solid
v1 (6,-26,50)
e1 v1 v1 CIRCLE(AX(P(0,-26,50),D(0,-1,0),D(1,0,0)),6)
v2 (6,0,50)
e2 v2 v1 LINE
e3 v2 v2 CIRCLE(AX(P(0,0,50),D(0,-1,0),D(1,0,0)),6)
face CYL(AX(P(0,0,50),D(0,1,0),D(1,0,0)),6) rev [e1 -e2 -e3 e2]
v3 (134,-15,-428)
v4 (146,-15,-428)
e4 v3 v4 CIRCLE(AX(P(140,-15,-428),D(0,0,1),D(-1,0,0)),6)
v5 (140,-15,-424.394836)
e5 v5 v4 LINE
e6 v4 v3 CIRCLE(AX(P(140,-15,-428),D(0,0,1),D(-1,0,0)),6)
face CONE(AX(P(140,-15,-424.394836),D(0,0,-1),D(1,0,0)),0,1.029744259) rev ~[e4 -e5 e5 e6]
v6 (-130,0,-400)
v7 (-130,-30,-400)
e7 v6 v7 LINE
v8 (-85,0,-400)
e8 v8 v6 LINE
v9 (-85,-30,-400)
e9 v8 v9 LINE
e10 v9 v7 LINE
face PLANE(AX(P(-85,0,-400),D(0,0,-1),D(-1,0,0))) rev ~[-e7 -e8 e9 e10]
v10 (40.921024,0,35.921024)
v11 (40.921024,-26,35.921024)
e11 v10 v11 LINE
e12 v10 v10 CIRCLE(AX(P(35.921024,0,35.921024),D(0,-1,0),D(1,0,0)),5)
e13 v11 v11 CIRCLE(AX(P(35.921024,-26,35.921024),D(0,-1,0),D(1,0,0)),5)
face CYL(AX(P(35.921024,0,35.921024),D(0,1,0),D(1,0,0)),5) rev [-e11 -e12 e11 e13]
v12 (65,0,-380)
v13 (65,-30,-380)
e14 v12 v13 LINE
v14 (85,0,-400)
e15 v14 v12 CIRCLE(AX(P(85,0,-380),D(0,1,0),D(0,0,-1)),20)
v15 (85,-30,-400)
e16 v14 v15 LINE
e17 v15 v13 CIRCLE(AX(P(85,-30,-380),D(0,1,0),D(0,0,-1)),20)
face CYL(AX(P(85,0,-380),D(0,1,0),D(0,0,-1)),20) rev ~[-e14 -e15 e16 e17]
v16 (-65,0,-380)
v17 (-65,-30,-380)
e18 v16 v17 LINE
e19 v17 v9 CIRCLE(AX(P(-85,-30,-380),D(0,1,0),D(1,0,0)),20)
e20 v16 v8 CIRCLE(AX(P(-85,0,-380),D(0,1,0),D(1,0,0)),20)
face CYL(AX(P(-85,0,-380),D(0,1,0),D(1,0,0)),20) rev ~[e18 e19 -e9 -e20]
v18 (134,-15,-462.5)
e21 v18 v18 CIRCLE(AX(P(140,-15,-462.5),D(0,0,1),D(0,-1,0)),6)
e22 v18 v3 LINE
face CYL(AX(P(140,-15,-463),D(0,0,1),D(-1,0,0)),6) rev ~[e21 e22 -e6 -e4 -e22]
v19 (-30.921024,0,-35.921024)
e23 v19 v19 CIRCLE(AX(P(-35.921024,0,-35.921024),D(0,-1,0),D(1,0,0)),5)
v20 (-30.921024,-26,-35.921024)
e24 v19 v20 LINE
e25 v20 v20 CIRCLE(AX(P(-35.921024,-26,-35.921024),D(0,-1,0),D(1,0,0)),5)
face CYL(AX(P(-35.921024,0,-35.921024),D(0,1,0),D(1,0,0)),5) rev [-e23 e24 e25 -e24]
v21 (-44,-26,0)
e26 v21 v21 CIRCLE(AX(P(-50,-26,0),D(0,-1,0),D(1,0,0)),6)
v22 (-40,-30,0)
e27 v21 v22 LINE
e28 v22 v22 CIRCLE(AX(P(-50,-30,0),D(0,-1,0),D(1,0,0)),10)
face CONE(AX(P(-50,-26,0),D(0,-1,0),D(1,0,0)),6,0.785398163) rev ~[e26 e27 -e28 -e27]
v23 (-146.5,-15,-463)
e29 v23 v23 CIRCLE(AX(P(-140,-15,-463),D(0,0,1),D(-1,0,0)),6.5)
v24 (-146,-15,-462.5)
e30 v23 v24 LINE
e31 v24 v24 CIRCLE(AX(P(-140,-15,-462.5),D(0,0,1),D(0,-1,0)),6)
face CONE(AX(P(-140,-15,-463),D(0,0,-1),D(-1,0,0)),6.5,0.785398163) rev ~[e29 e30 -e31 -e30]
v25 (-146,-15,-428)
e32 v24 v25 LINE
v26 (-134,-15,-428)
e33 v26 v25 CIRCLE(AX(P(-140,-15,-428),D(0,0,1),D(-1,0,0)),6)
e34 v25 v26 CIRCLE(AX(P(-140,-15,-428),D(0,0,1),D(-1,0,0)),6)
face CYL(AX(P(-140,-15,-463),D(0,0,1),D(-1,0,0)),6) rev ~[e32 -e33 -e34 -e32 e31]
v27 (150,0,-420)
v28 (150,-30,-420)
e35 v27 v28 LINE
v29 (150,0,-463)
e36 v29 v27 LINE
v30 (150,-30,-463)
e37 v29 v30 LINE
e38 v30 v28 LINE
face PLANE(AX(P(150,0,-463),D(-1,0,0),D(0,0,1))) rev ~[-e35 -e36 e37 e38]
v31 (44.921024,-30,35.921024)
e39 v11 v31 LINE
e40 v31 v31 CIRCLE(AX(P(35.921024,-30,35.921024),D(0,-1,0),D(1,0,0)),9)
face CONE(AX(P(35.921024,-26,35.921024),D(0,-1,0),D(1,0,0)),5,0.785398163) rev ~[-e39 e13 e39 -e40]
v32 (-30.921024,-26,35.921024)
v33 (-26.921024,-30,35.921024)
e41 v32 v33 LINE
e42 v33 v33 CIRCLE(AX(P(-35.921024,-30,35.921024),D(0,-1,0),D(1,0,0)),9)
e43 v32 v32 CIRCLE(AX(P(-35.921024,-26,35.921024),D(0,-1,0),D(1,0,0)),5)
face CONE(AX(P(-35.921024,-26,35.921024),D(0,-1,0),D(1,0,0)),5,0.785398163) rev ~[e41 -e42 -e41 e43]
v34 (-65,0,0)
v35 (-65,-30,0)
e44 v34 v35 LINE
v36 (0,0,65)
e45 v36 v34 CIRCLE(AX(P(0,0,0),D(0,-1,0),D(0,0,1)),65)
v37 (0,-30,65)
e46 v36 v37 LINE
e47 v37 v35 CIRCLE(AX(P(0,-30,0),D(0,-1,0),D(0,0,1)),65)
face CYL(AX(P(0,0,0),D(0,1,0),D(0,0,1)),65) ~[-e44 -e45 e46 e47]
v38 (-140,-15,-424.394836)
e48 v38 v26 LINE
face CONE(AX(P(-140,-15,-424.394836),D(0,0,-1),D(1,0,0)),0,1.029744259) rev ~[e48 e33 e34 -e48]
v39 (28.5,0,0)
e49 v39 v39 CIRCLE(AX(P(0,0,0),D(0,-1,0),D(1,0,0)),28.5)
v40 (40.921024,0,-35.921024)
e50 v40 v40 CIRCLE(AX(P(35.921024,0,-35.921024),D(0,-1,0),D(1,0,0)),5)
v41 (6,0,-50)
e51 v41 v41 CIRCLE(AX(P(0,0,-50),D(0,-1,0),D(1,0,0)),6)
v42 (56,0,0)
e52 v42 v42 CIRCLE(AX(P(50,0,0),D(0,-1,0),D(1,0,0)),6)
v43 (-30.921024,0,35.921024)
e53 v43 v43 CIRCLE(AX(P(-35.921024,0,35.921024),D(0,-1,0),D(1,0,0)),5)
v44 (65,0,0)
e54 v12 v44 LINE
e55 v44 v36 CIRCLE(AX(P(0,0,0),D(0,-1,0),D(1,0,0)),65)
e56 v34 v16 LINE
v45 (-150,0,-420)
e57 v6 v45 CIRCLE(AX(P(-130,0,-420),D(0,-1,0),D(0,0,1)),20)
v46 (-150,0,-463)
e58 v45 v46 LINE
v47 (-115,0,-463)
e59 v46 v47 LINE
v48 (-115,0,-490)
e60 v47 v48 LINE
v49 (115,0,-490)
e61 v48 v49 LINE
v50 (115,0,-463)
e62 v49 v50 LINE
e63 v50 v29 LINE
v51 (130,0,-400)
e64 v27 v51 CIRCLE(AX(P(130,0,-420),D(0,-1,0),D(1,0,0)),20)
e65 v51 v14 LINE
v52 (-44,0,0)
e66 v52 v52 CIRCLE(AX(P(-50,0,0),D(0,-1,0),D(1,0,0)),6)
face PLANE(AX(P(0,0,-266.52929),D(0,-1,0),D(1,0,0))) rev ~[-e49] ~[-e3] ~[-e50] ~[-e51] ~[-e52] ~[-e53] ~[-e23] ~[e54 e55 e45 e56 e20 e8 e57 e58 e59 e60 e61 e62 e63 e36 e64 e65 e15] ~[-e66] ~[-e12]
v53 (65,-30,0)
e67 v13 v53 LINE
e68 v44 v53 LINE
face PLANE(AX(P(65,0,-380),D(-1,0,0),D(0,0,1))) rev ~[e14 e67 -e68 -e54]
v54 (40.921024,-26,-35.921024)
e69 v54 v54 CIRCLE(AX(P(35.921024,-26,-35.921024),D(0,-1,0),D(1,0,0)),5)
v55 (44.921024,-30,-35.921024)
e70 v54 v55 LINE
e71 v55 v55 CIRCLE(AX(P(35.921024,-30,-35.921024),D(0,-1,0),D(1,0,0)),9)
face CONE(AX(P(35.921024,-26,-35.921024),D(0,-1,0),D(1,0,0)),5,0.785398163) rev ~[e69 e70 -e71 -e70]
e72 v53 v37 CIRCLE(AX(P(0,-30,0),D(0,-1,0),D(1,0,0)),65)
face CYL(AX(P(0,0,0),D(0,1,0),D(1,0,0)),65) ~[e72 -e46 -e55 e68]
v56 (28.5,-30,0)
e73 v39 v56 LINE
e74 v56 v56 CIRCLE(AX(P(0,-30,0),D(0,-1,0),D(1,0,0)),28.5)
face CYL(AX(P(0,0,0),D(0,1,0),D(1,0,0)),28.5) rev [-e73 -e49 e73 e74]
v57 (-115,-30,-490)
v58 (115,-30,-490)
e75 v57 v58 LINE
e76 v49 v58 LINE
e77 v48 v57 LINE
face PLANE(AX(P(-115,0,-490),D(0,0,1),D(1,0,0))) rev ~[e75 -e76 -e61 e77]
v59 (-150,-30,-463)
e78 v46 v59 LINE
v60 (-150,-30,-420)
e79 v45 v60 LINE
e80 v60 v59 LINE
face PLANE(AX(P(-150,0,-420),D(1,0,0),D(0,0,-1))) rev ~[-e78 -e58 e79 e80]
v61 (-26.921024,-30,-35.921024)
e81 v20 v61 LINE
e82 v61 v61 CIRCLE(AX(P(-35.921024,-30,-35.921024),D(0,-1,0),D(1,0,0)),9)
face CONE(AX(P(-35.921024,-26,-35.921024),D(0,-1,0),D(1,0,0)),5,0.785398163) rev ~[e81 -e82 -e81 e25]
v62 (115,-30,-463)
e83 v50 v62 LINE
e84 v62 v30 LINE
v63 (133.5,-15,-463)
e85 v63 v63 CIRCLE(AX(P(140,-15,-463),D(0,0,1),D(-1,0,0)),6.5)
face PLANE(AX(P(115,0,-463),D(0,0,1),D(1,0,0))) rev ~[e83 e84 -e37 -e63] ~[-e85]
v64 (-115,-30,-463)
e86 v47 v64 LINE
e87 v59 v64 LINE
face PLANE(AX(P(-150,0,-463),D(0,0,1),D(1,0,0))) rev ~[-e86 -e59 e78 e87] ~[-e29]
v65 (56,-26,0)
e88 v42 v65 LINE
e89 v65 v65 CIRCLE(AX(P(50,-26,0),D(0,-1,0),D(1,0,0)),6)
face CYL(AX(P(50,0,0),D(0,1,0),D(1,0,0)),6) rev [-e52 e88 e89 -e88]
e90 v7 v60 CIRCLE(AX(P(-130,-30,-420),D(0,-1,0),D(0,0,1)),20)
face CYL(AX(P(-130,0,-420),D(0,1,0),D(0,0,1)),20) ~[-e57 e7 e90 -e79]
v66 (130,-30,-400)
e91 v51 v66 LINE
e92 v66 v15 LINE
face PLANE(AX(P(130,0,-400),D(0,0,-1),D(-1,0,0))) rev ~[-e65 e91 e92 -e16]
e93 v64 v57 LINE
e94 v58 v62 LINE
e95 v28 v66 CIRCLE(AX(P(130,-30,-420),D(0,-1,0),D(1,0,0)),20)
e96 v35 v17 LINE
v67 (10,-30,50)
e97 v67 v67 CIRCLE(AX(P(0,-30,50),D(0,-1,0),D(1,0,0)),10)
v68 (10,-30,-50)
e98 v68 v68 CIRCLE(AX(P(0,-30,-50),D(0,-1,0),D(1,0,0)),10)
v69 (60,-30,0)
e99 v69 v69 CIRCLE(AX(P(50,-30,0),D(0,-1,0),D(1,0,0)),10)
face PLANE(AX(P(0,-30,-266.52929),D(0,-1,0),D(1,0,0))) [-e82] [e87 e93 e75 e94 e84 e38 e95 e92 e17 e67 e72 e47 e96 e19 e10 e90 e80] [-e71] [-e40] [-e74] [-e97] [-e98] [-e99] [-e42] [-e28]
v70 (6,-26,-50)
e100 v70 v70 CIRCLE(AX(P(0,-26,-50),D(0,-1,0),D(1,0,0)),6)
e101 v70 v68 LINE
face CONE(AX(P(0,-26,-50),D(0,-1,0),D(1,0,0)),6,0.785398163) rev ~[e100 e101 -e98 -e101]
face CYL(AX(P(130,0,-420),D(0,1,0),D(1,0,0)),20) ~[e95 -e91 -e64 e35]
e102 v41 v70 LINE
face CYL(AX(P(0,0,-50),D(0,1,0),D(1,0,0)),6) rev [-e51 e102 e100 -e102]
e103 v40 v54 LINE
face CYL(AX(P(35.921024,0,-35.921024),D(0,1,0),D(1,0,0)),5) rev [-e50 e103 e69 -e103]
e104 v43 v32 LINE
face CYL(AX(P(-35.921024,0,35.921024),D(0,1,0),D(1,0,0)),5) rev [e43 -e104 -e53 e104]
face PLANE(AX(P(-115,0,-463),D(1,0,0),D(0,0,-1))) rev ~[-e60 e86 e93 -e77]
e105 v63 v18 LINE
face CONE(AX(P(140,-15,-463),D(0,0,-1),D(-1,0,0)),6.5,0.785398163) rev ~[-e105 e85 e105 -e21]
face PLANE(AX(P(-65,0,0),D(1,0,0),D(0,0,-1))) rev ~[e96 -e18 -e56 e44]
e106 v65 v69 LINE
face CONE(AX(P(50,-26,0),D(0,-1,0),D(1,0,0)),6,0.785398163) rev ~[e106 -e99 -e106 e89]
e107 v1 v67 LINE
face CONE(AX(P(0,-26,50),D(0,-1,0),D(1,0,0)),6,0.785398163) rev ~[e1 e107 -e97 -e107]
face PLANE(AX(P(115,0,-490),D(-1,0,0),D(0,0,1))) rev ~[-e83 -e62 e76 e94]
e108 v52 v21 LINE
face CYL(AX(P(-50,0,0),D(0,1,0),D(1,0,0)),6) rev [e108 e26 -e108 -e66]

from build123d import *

# Parameters (mm, degrees)
F0_R           = 5
F0_R_2         = 6
F0_R_3         = 28.5
F1_DEPTH       = 30
F2_SIZE        = 4
F4_D           = 12
F4_DEPTH       = 35
F4_CSINK_D     = 13
F4_CSINK_ANGLE = 90
F4_TIP         = 3.6051637142


with BuildPart() as f1:
    # F0 (on Front) → F1 (new body)
    with BuildSketch(Plane.XZ):
        with BuildLine():
            Line((65, -380), (65, 0))
            ThreePointArc((65, 0), (45.9619407771, 45.9619407771), (0, 65))
            ThreePointArc((0, 65), (-45.9619407771, 45.9619407771), (-65, 0))
            Line((-65, 0), (-65, -380))
            ThreePointArc((-65, -380), (-70.8578643763, -394.1421356237), (-85, -400))
            Line((-85, -400), (-130, -400))
            ThreePointArc((-130, -400), (-144.1421356237, -405.8578643763), (-150, -420))
            Line((-150, -420), (-150, -463))
            Line((-150, -463), (-115, -463))
            Line((-115, -463), (-115, -490))
            Line((-115, -490), (115, -490))
            Line((115, -490), (115, -463))
            Line((115, -463), (150, -463))
            Line((150, -463), (150, -420))
            ThreePointArc((150, -420), (144.1421356237, -405.8578643763), (130, -400))
            Line((130, -400), (85, -400))
            ThreePointArc((85, -400), (70.8578643763, -394.1421356237), (65, -380))
        make_face()
        with Locations((-35.9210244843, -35.9210244843)):
            Circle(F0_R, mode=Mode.SUBTRACT)
        with Locations((-50, 0)):
            Circle(F0_R_2, mode=Mode.SUBTRACT)
        with Locations((-35.9210244843, 35.9210244843)):
            Circle(F0_R, mode=Mode.SUBTRACT)
        with Locations((0, -50)):
            Circle(F0_R_2, mode=Mode.SUBTRACT)
        with Locations((35.9210244843, -35.9210244843)):
            Circle(F0_R, mode=Mode.SUBTRACT)
        Circle(F0_R_3, mode=Mode.SUBTRACT)
        with Locations((0, 50)):
            Circle(F0_R_2, mode=Mode.SUBTRACT)
        with Locations((35.9210244843, 35.9210244843)):
            Circle(F0_R, mode=Mode.SUBTRACT)
        with Locations((50, 0)):
            Circle(F0_R_2, mode=Mode.SUBTRACT)
    extrude(amount=F1_DEPTH)

    # F2
    f2_edges = [f1.edges().sort_by_distance(p)[0] for p in [
        (-40.921024, -30, 35.921024),
        (-6, -30, 50),
        (30.921024, -30, 35.921024),
        (44, -30, 0),
        (30.921024, -30, -35.921024),
        (-6, -30, -50),
        (-40.921024, -30, -35.921024),
        (-56, -30, 0),
    ]]
    chamfer(f2_edges, length=F2_SIZE)

    # F4
    with Locations(Plane(origin=(0, 0, -463), x_dir=(1, 0, 0), z_dir=(0, 0, -1))):
        with Locations((-140, 15), (140, 15)):
            CounterSinkHole(F4_D / 2, F4_CSINK_D / 2, depth=F4_DEPTH, counter_sink_angle=F4_CSINK_ANGLE)
            with Locations((0, 0, -(F4_DEPTH + F4_TIP / 2))):  # 118° drill point
                Cone(0, F4_D / 2, F4_TIP, mode=Mode.SUBTRACT)


solid = f1.part
